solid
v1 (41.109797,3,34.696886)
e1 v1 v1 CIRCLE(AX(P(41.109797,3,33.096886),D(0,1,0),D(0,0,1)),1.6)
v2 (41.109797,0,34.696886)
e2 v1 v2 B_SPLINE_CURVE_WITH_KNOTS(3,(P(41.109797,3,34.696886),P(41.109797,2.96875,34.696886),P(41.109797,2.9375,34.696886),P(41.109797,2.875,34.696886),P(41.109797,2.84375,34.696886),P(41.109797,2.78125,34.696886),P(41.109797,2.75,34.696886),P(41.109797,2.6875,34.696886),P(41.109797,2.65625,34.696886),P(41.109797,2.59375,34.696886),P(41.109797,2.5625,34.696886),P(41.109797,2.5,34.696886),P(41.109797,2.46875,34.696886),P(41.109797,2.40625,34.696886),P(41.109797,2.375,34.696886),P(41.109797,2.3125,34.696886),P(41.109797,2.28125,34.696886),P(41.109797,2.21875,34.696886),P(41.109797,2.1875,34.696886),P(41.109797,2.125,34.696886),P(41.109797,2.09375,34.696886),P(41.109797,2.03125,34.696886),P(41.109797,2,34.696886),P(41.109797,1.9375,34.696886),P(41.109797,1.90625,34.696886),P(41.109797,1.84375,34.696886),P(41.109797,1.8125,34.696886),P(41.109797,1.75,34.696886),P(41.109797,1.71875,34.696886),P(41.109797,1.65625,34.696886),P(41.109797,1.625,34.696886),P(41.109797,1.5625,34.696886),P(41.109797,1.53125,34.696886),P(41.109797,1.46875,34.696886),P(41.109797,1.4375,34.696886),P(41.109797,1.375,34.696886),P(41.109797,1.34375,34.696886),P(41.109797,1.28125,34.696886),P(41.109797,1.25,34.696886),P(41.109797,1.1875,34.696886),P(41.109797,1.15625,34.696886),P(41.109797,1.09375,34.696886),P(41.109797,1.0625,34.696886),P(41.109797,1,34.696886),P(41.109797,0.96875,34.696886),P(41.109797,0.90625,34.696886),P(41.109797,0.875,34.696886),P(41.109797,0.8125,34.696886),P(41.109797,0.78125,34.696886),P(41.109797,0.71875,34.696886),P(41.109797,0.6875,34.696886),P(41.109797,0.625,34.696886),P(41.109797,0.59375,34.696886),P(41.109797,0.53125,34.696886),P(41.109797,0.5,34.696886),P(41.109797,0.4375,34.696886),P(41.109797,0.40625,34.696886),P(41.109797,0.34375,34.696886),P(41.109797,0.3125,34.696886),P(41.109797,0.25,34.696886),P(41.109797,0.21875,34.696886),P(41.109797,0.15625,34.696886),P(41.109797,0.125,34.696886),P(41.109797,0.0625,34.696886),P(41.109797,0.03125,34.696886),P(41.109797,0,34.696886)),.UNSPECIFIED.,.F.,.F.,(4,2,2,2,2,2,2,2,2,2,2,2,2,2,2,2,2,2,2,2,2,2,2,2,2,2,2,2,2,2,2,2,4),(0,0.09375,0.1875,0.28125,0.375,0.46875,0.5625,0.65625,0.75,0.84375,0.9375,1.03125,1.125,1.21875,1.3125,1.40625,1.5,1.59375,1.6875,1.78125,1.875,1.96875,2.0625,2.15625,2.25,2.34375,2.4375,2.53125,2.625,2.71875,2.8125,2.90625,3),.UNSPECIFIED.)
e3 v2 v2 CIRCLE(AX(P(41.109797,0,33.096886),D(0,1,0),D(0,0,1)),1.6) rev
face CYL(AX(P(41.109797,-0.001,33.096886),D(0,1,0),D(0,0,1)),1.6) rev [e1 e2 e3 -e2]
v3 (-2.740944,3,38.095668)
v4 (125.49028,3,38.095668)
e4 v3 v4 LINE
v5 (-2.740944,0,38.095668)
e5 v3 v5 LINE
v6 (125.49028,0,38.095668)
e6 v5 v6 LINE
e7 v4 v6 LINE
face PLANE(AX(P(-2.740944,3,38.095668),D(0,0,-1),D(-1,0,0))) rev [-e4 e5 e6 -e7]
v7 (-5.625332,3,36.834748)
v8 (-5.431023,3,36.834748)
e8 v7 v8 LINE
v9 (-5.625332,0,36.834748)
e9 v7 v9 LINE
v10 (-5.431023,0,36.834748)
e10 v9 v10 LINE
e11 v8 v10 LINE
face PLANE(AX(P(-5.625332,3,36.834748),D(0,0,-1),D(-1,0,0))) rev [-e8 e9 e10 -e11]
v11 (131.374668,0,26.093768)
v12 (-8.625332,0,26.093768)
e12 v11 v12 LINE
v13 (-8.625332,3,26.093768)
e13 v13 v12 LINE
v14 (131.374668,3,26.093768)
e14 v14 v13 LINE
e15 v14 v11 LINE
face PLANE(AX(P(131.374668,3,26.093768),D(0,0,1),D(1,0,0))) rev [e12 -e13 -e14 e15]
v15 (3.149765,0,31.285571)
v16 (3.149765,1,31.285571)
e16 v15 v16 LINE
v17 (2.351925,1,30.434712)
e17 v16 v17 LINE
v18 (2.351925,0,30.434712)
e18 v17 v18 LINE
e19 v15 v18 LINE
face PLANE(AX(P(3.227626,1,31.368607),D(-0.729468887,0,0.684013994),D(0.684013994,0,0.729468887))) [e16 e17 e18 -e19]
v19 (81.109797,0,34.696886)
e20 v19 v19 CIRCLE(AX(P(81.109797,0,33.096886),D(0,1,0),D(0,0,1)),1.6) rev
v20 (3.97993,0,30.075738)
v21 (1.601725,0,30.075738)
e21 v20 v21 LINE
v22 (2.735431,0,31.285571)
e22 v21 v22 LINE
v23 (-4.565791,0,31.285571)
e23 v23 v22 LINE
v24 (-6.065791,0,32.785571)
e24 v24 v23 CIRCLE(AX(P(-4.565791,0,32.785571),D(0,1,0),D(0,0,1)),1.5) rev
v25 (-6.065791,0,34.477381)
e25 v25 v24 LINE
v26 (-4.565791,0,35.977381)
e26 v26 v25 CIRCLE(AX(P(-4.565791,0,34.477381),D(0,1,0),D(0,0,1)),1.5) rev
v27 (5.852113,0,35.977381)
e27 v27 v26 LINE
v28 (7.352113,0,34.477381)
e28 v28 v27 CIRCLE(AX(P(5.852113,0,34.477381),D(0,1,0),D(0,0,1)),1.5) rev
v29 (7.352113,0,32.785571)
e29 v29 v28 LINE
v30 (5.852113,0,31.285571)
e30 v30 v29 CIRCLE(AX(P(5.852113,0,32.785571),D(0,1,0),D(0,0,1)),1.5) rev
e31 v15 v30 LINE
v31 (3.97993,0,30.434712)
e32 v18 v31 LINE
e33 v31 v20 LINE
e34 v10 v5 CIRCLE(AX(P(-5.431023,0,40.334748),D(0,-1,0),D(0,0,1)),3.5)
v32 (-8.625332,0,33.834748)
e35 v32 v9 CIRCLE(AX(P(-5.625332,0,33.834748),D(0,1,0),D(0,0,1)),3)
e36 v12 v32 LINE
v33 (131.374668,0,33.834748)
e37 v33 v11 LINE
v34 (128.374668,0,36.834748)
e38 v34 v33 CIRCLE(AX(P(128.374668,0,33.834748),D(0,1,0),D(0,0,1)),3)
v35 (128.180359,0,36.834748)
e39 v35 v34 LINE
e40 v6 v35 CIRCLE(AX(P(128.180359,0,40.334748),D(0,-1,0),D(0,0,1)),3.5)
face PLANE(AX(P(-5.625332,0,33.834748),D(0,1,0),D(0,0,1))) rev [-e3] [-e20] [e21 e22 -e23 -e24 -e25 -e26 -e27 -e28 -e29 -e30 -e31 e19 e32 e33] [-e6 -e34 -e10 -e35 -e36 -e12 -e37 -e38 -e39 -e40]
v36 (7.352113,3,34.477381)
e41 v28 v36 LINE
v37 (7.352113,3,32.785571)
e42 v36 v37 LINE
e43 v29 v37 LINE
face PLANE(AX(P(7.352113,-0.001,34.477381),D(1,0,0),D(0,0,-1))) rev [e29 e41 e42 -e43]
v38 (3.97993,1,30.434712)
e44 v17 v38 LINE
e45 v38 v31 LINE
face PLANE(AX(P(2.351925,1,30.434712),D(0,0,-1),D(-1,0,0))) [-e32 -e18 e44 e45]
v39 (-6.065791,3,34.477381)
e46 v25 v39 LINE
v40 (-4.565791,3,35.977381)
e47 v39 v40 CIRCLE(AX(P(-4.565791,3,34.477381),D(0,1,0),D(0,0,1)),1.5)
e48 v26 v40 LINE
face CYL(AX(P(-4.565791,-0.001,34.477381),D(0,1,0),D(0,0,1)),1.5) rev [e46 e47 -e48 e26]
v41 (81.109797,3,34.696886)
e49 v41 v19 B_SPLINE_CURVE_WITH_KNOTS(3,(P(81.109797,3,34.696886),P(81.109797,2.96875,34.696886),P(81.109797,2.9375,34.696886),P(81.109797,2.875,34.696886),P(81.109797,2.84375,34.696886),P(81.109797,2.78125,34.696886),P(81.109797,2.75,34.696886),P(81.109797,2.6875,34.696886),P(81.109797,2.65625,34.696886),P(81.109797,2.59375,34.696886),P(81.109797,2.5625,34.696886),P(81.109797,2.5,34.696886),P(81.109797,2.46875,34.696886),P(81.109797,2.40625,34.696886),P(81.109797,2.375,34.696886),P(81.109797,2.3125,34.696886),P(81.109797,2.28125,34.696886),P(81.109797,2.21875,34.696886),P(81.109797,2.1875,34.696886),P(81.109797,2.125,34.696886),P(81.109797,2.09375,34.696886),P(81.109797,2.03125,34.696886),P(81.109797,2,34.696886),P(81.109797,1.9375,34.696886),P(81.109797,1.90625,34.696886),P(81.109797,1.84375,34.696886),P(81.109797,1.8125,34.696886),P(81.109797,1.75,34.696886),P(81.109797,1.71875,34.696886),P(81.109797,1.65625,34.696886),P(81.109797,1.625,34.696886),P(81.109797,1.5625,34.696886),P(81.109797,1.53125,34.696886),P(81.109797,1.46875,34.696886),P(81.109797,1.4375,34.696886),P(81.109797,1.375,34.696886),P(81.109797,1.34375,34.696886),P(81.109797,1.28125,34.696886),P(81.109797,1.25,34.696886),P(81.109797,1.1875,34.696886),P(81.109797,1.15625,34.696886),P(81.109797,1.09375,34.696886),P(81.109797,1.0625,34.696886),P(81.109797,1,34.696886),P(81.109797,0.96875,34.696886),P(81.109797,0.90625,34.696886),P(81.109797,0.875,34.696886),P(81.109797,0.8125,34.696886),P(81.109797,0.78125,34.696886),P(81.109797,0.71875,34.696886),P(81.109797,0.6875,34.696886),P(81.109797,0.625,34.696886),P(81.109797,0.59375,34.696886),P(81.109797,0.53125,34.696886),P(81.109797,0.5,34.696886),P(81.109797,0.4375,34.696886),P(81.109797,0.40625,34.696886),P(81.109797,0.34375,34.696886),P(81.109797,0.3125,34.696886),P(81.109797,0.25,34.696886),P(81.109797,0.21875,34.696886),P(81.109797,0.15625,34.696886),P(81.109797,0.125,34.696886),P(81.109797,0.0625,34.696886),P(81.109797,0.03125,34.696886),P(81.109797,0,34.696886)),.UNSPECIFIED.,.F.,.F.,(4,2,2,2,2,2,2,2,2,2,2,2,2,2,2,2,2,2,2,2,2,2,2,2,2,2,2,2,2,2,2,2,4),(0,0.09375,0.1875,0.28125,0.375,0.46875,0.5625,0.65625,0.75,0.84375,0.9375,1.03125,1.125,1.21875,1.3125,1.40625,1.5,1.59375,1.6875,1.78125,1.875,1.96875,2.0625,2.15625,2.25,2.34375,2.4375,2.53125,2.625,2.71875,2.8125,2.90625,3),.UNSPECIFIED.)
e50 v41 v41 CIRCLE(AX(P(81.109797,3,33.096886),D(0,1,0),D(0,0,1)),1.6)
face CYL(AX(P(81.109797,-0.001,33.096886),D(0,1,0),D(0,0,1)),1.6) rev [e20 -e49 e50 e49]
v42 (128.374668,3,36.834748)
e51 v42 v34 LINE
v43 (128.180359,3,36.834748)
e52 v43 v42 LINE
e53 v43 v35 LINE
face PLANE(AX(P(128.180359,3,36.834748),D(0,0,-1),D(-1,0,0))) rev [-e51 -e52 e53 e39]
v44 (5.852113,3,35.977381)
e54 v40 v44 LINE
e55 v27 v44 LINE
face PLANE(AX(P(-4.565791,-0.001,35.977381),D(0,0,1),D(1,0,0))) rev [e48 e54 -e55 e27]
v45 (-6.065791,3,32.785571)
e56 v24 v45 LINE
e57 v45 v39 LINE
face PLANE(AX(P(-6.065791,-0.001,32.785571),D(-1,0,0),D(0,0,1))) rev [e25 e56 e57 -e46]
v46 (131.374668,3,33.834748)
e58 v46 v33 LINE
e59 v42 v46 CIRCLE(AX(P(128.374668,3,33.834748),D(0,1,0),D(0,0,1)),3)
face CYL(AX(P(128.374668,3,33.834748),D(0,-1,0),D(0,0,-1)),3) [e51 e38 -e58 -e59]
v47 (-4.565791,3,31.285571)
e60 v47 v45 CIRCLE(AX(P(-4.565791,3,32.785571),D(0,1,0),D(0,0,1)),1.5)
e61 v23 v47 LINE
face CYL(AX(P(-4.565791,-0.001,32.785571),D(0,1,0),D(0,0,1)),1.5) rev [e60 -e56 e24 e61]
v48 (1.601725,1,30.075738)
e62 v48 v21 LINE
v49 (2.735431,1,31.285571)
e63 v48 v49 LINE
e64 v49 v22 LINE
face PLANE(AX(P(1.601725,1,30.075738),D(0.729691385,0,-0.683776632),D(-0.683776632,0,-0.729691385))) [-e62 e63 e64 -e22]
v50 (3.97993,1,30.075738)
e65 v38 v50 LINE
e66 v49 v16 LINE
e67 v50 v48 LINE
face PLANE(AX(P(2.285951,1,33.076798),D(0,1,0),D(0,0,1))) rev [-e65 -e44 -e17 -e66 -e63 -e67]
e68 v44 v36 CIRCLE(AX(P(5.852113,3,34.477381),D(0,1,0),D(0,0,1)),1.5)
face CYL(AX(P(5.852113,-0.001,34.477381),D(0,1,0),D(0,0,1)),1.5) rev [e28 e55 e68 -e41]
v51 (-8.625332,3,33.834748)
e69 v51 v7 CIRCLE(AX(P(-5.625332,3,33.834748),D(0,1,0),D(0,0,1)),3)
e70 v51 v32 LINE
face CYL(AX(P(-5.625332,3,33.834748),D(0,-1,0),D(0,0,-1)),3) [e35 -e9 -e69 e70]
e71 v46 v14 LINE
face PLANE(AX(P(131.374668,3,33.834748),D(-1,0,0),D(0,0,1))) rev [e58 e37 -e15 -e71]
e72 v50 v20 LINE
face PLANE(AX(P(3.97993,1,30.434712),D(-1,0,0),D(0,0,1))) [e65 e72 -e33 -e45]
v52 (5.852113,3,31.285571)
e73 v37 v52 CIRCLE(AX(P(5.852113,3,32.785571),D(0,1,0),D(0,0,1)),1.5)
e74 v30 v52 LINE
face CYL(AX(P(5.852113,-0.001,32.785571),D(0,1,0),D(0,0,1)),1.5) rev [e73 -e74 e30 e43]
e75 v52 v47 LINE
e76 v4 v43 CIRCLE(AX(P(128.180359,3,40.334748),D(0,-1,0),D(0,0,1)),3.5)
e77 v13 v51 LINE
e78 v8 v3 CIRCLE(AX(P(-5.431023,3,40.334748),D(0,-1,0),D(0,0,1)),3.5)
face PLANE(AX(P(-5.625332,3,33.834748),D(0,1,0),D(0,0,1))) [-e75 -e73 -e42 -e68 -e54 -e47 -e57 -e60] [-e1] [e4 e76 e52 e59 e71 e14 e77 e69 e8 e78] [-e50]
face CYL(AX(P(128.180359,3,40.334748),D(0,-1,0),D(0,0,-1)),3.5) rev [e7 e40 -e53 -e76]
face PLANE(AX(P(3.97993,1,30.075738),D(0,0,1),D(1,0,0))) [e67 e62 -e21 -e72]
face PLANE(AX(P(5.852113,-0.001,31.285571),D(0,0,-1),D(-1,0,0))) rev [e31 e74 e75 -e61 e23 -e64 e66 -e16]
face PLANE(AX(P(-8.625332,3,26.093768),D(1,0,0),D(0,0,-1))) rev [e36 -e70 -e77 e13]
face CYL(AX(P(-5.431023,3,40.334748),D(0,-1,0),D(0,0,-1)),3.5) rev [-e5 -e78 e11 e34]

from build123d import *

# Parameters (mm, degrees)
BOSS_EXTRUDE1_DEPTH = 3
CUT_EXTRUDE1_DEPTH  = 1
CUT_EXTRUDE3_REACH  = 138.82
CUT_EXTRUDE4_REACH  = 138.82


with BuildPart() as part:
    # Sketch3 → Boss-Extrude1 (new body)
    with BuildSketch(Plane(origin=(0, 0, 0), x_dir=(1, 0, 0), z_dir=(0, 1, 0))):
        with BuildLine():
            Line((131.37466785, -26.093767651), (-8.62533215, -26.093767651))
            Line((-8.62533215, -26.093767651), (-8.62533215, -33.834747513))
            ThreePointArc((-8.62533215, -33.834747513), (-7.746652493, -35.956067857), (-5.62533215, -36.834747513))
            Line((-5.62533215, -36.834747513), (-5.431022837, -36.834747513))
            ThreePointArc((-5.431022837, -36.834747513), (-3.945556452, -37.165616778), (-2.74094445, -38.095667731))
            Line((-2.74094445, -38.095667731), (125.49028015, -38.095667731))
            ThreePointArc((125.49028015, -38.095667731), (126.694892152, -37.165616778), (128.180358538, -36.834747513))
            Line((128.180358538, -36.834747513), (128.37466785, -36.834747513))
            ThreePointArc((128.37466785, -36.834747513), (130.495988194, -35.956067857), (131.37466785, -33.834747513))
            Line((131.37466785, -33.834747513), (131.37466785, -26.093767651))
        make_face()
    extrude(amount=BOSS_EXTRUDE1_DEPTH)

    # Sketch4 → Cut-Extrude1 (cut)
    with BuildSketch(Plane.XZ):
        with BuildLine():
            Line((2.050442501, 32.498814854), (1.736339937, 32.498814854))
            add(Edge.make_bspline(
                [(1.736339937, 32.498814854), (1.73838709, 32.540485742), (1.742407644, 32.622326256), (1.761235933, 32.741650163), (1.78817681, 32.855704962), (1.826268264, 32.963574876), (1.873574542, 33.066213683), (1.930304569, 33.163213699), (1.99749842, 33.254204887), (2.073705154, 33.338343731), (2.156473793, 33.415531301), (2.245779732, 33.482186544), (2.33962476, 33.538504215), (2.437724159, 33.585585457), (2.541184722, 33.620925303), (2.64906758, 33.647146943), (2.761846716, 33.662923289), (2.838686738, 33.664619074), (2.877766219, 33.665481521)],
                knots=[0, 0, 0, 0, 1.10065271, 2.161652631, 3.183658789, 4.190468796, 5.17591951, 6.163126047, 7.15150782, 8.156236427, 9.156009102, 10.134482811, 11.092018607, 12.041330605, 13.001268258, 13.972401359, 14.968799086, 16, 16, 16, 16], degree=3))
            add(Edge.make_bspline(
                [(2.877766219, 33.665481521), (2.916144293, 33.664583064), (2.991555837, 33.66281763), (3.101617852, 33.6476566), (3.206395146, 33.623911009), (3.305682913, 33.590595592), (3.398688977, 33.545811165), (3.486112022, 33.492013626), (3.568992833, 33.429793795), (3.643599616, 33.356539981), (3.712107696, 33.278337597), (3.771209951, 33.194849693), (3.821823114, 33.108620408), (3.864010794, 33.018992206), (3.895066933, 32.925121178), (3.918645141, 32.828373975), (3.931972555, 32.727749164), (3.934017978, 32.659642608), (3.935057885, 32.625016777)],
                knots=[0, 0, 0, 0, 1.111607364, 2.184268762, 3.212621178, 4.221274766, 5.211760367, 6.196651075, 7.1921475, 8.207485113, 9.220403448, 10.201281604, 11.166441695, 12.114753415, 13.065576456, 14.026450734, 14.996634279, 16, 16, 16, 16], degree=3))
            add(Edge.make_bspline(
                [(3.935057885, 32.625016777), (3.93337124, 32.576266968), (3.930027549, 32.47962284), (3.901171846, 32.337418482), (3.856589749, 32.199513423), (3.80251672, 32.088534371), (3.747896152, 31.999557478), (3.699716357, 31.925641836), (3.642064004, 31.84681542), (3.575466591, 31.762284311), (3.500928784, 31.671789941), (3.417914117, 31.575295175), (3.325788426, 31.47382487), (3.261130244, 31.404519057), (3.227625994, 31.368606521)],
                knots=[0, 0, 0, 0, 1.184203166, 2.347625244, 3.513805382, 4.700623107, 5.337941753, 6.051866363, 6.845199593, 7.711357327, 8.668078039, 9.695487809, 10.805859518, 12, 12, 12, 12], degree=3))
            Line((3.227625994, 31.368606521), (2.351924872, 30.43471229))
            Line((2.351924872, 30.43471229), (3.97992968, 30.43471229))
            Line((3.97992968, 30.43471229), (3.97992968, 30.075737931))
            Line((3.97992968, 30.075737931), (1.601724552, 30.075737931))
            Line((1.601724552, 30.075737931), (2.959096347, 31.524255559))
            add(Edge.make_bspline(
                [(2.959096347, 31.524255559), (2.992144234, 31.558753866), (3.055622461, 31.625018052), (3.145405038, 31.721761013), (3.226044026, 31.811510553), (3.298061419, 31.894097102), (3.359894924, 31.97072867), (3.414767156, 32.038923373), (3.458732747, 32.101677823), (3.506448143, 32.174418437), (3.552662124, 32.263230755), (3.59237448, 32.371764444), (3.616589329, 32.483491696), (3.619494164, 32.558993734), (3.620955321, 32.596971905)],
                knots=[0, 0, 0, 0, 1.329631726, 2.553950428, 3.673215718, 4.687767853, 5.603093632, 6.413772471, 7.123043292, 7.734684054, 8.834405432, 9.900288307, 10.943827018, 12, 12, 12, 12], degree=3))
            add(Edge.make_bspline(
                [(3.620955321, 32.596971905), (3.620319579, 32.620853304), (3.619066653, 32.667918954), (3.608008955, 32.736924713), (3.591298449, 32.803489527), (3.567353191, 32.867818146), (3.535746451, 32.929263798), (3.497273071, 32.987901278), (3.452883008, 33.044590244), (3.401531739, 33.097743542), (3.345120219, 33.146424747), (3.285525969, 33.189548833), (3.222475865, 33.225587943), (3.156235743, 33.255131441), (3.086990273, 33.278306822), (3.014605528, 33.294365401), (2.939281512, 33.304447885), (2.887848016, 33.305812057), (2.861640417, 33.306507162)],
                knots=[0, 0, 0, 0, 0.991446411, 1.95395049, 2.89581595, 3.838931463, 4.798493298, 5.75982156, 6.748411868, 7.785213223, 8.824556874, 9.840280684, 10.836137867, 11.835679398, 12.848801643, 13.863922112, 14.911575587, 16, 16, 16, 16], degree=3))
            add(Edge.make_bspline(
                [(2.861640417, 33.306507162), (2.834269585, 33.30579213), (2.780517788, 33.304387924), (2.701598755, 33.29456526), (2.626312978, 33.27761942), (2.554471075, 33.254442745), (2.485951489, 33.224984197), (2.421087445, 33.188292452), (2.360024556, 33.144508959), (2.302648033, 33.094868403), (2.249784053, 33.039600801), (2.203337178, 32.977990838), (2.162753163, 32.911163423), (2.12734393, 32.839298872), (2.09858824, 32.761745092), (2.076615089, 32.678777387), (2.059228243, 32.590756006), (2.053419722, 32.529970921), (2.050442501, 32.498814854)],
                knots=[0, 0, 0, 0, 1.031018746, 2.02475058, 2.990194455, 3.934040569, 4.864654155, 5.795059489, 6.735614925, 7.690564532, 8.649604399, 9.611025574, 10.590972636, 11.591080095, 12.624614302, 13.701020113, 14.821632451, 16, 16, 16, 16], degree=3))
        make_face()
    extrude(amount=-CUT_EXTRUDE1_DEPTH, mode=Mode.SUBTRACT)

    # Sketch5 → Cut-Extrude3 (cut, up to next)
    with BuildSketch(Plane(origin=(0, 3, 0), x_dir=(1, 0, 0), z_dir=(0, 1, 0)), mode=Mode.PRIVATE) as cut_extrude3_sk1:
        with BuildLine():
            Line((-4.565790678, -35.977380503), (5.852113338, -35.977380503))
            ThreePointArc((5.852113338, -35.977380503), (6.91277351, -35.538040675), (7.352113338, -34.477380503))
            Line((7.352113338, -34.477380503), (7.352113338, -32.785571201))
            ThreePointArc((7.352113338, -32.785571201), (6.91277351, -31.724911029), (5.852113338, -31.285571201))
            Line((5.852113338, -31.285571201), (-4.565790678, -31.285571201))
            ThreePointArc((-4.565790678, -31.285571201), (-5.62645085, -31.724911029), (-6.065790678, -32.785571201))
            Line((-6.065790678, -32.785571201), (-6.065790678, -34.477380503))
            ThreePointArc((-6.065790678, -34.477380503), (-5.62645085, -35.538040675), (-4.565790678, -35.977380503))
        make_face()
    cut_extrude3_tool1 = extrude(cut_extrude3_sk1.sketch, amount=-CUT_EXTRUDE3_REACH, mode=Mode.PRIVATE) & part.part
    add(cut_extrude3_tool1.solids().sort_by_distance((0.643161, 3, 33.631476))[0], mode=Mode.SUBTRACT)

    # Sketch6 → Cut-Extrude4 (cut, up to next)
    with BuildSketch(Plane(origin=(0, 3, 0), x_dir=(1, 0, 0), z_dir=(0, 1, 0)), mode=Mode.PRIVATE) as cut_extrude4_sk1:
        with BuildLine():
            ThreePointArc((41.109797099, -31.496885933), (39.509797099, -33.096885933), (41.109797099, -34.696885933))
            ThreePointArc((41.109797099, -34.696885933), (42.709797099, -33.096885933), (41.109797099, -31.496885933))
        make_face()
    cut_extrude4_tool1 = extrude(cut_extrude4_sk1.sketch, amount=-CUT_EXTRUDE4_REACH, mode=Mode.PRIVATE) & part.part
    # Sketch6 → Cut-Extrude4 (cut, up to next)
    with BuildSketch(Plane(origin=(0, 3, 0), x_dir=(1, 0, 0), z_dir=(0, 1, 0)), mode=Mode.PRIVATE) as cut_extrude4_sk2:
        with BuildLine():
            ThreePointArc((81.109797099, -31.496885933), (79.509797099, -33.096885933), (81.109797099, -34.696885933))
            ThreePointArc((81.109797099, -34.696885933), (82.709797099, -33.096885933), (81.109797099, -31.496885933))
        make_face()
    cut_extrude4_tool2 = extrude(cut_extrude4_sk2.sketch, amount=-CUT_EXTRUDE4_REACH, mode=Mode.PRIVATE) & part.part
    add(cut_extrude4_tool1.solids().sort_by_distance((41.109797, 3, 33.096886))[0], mode=Mode.SUBTRACT)
    add(cut_extrude4_tool2.solids().sort_by_distance((81.109797, 3, 33.096886))[0], mode=Mode.SUBTRACT)


solid = part.part
